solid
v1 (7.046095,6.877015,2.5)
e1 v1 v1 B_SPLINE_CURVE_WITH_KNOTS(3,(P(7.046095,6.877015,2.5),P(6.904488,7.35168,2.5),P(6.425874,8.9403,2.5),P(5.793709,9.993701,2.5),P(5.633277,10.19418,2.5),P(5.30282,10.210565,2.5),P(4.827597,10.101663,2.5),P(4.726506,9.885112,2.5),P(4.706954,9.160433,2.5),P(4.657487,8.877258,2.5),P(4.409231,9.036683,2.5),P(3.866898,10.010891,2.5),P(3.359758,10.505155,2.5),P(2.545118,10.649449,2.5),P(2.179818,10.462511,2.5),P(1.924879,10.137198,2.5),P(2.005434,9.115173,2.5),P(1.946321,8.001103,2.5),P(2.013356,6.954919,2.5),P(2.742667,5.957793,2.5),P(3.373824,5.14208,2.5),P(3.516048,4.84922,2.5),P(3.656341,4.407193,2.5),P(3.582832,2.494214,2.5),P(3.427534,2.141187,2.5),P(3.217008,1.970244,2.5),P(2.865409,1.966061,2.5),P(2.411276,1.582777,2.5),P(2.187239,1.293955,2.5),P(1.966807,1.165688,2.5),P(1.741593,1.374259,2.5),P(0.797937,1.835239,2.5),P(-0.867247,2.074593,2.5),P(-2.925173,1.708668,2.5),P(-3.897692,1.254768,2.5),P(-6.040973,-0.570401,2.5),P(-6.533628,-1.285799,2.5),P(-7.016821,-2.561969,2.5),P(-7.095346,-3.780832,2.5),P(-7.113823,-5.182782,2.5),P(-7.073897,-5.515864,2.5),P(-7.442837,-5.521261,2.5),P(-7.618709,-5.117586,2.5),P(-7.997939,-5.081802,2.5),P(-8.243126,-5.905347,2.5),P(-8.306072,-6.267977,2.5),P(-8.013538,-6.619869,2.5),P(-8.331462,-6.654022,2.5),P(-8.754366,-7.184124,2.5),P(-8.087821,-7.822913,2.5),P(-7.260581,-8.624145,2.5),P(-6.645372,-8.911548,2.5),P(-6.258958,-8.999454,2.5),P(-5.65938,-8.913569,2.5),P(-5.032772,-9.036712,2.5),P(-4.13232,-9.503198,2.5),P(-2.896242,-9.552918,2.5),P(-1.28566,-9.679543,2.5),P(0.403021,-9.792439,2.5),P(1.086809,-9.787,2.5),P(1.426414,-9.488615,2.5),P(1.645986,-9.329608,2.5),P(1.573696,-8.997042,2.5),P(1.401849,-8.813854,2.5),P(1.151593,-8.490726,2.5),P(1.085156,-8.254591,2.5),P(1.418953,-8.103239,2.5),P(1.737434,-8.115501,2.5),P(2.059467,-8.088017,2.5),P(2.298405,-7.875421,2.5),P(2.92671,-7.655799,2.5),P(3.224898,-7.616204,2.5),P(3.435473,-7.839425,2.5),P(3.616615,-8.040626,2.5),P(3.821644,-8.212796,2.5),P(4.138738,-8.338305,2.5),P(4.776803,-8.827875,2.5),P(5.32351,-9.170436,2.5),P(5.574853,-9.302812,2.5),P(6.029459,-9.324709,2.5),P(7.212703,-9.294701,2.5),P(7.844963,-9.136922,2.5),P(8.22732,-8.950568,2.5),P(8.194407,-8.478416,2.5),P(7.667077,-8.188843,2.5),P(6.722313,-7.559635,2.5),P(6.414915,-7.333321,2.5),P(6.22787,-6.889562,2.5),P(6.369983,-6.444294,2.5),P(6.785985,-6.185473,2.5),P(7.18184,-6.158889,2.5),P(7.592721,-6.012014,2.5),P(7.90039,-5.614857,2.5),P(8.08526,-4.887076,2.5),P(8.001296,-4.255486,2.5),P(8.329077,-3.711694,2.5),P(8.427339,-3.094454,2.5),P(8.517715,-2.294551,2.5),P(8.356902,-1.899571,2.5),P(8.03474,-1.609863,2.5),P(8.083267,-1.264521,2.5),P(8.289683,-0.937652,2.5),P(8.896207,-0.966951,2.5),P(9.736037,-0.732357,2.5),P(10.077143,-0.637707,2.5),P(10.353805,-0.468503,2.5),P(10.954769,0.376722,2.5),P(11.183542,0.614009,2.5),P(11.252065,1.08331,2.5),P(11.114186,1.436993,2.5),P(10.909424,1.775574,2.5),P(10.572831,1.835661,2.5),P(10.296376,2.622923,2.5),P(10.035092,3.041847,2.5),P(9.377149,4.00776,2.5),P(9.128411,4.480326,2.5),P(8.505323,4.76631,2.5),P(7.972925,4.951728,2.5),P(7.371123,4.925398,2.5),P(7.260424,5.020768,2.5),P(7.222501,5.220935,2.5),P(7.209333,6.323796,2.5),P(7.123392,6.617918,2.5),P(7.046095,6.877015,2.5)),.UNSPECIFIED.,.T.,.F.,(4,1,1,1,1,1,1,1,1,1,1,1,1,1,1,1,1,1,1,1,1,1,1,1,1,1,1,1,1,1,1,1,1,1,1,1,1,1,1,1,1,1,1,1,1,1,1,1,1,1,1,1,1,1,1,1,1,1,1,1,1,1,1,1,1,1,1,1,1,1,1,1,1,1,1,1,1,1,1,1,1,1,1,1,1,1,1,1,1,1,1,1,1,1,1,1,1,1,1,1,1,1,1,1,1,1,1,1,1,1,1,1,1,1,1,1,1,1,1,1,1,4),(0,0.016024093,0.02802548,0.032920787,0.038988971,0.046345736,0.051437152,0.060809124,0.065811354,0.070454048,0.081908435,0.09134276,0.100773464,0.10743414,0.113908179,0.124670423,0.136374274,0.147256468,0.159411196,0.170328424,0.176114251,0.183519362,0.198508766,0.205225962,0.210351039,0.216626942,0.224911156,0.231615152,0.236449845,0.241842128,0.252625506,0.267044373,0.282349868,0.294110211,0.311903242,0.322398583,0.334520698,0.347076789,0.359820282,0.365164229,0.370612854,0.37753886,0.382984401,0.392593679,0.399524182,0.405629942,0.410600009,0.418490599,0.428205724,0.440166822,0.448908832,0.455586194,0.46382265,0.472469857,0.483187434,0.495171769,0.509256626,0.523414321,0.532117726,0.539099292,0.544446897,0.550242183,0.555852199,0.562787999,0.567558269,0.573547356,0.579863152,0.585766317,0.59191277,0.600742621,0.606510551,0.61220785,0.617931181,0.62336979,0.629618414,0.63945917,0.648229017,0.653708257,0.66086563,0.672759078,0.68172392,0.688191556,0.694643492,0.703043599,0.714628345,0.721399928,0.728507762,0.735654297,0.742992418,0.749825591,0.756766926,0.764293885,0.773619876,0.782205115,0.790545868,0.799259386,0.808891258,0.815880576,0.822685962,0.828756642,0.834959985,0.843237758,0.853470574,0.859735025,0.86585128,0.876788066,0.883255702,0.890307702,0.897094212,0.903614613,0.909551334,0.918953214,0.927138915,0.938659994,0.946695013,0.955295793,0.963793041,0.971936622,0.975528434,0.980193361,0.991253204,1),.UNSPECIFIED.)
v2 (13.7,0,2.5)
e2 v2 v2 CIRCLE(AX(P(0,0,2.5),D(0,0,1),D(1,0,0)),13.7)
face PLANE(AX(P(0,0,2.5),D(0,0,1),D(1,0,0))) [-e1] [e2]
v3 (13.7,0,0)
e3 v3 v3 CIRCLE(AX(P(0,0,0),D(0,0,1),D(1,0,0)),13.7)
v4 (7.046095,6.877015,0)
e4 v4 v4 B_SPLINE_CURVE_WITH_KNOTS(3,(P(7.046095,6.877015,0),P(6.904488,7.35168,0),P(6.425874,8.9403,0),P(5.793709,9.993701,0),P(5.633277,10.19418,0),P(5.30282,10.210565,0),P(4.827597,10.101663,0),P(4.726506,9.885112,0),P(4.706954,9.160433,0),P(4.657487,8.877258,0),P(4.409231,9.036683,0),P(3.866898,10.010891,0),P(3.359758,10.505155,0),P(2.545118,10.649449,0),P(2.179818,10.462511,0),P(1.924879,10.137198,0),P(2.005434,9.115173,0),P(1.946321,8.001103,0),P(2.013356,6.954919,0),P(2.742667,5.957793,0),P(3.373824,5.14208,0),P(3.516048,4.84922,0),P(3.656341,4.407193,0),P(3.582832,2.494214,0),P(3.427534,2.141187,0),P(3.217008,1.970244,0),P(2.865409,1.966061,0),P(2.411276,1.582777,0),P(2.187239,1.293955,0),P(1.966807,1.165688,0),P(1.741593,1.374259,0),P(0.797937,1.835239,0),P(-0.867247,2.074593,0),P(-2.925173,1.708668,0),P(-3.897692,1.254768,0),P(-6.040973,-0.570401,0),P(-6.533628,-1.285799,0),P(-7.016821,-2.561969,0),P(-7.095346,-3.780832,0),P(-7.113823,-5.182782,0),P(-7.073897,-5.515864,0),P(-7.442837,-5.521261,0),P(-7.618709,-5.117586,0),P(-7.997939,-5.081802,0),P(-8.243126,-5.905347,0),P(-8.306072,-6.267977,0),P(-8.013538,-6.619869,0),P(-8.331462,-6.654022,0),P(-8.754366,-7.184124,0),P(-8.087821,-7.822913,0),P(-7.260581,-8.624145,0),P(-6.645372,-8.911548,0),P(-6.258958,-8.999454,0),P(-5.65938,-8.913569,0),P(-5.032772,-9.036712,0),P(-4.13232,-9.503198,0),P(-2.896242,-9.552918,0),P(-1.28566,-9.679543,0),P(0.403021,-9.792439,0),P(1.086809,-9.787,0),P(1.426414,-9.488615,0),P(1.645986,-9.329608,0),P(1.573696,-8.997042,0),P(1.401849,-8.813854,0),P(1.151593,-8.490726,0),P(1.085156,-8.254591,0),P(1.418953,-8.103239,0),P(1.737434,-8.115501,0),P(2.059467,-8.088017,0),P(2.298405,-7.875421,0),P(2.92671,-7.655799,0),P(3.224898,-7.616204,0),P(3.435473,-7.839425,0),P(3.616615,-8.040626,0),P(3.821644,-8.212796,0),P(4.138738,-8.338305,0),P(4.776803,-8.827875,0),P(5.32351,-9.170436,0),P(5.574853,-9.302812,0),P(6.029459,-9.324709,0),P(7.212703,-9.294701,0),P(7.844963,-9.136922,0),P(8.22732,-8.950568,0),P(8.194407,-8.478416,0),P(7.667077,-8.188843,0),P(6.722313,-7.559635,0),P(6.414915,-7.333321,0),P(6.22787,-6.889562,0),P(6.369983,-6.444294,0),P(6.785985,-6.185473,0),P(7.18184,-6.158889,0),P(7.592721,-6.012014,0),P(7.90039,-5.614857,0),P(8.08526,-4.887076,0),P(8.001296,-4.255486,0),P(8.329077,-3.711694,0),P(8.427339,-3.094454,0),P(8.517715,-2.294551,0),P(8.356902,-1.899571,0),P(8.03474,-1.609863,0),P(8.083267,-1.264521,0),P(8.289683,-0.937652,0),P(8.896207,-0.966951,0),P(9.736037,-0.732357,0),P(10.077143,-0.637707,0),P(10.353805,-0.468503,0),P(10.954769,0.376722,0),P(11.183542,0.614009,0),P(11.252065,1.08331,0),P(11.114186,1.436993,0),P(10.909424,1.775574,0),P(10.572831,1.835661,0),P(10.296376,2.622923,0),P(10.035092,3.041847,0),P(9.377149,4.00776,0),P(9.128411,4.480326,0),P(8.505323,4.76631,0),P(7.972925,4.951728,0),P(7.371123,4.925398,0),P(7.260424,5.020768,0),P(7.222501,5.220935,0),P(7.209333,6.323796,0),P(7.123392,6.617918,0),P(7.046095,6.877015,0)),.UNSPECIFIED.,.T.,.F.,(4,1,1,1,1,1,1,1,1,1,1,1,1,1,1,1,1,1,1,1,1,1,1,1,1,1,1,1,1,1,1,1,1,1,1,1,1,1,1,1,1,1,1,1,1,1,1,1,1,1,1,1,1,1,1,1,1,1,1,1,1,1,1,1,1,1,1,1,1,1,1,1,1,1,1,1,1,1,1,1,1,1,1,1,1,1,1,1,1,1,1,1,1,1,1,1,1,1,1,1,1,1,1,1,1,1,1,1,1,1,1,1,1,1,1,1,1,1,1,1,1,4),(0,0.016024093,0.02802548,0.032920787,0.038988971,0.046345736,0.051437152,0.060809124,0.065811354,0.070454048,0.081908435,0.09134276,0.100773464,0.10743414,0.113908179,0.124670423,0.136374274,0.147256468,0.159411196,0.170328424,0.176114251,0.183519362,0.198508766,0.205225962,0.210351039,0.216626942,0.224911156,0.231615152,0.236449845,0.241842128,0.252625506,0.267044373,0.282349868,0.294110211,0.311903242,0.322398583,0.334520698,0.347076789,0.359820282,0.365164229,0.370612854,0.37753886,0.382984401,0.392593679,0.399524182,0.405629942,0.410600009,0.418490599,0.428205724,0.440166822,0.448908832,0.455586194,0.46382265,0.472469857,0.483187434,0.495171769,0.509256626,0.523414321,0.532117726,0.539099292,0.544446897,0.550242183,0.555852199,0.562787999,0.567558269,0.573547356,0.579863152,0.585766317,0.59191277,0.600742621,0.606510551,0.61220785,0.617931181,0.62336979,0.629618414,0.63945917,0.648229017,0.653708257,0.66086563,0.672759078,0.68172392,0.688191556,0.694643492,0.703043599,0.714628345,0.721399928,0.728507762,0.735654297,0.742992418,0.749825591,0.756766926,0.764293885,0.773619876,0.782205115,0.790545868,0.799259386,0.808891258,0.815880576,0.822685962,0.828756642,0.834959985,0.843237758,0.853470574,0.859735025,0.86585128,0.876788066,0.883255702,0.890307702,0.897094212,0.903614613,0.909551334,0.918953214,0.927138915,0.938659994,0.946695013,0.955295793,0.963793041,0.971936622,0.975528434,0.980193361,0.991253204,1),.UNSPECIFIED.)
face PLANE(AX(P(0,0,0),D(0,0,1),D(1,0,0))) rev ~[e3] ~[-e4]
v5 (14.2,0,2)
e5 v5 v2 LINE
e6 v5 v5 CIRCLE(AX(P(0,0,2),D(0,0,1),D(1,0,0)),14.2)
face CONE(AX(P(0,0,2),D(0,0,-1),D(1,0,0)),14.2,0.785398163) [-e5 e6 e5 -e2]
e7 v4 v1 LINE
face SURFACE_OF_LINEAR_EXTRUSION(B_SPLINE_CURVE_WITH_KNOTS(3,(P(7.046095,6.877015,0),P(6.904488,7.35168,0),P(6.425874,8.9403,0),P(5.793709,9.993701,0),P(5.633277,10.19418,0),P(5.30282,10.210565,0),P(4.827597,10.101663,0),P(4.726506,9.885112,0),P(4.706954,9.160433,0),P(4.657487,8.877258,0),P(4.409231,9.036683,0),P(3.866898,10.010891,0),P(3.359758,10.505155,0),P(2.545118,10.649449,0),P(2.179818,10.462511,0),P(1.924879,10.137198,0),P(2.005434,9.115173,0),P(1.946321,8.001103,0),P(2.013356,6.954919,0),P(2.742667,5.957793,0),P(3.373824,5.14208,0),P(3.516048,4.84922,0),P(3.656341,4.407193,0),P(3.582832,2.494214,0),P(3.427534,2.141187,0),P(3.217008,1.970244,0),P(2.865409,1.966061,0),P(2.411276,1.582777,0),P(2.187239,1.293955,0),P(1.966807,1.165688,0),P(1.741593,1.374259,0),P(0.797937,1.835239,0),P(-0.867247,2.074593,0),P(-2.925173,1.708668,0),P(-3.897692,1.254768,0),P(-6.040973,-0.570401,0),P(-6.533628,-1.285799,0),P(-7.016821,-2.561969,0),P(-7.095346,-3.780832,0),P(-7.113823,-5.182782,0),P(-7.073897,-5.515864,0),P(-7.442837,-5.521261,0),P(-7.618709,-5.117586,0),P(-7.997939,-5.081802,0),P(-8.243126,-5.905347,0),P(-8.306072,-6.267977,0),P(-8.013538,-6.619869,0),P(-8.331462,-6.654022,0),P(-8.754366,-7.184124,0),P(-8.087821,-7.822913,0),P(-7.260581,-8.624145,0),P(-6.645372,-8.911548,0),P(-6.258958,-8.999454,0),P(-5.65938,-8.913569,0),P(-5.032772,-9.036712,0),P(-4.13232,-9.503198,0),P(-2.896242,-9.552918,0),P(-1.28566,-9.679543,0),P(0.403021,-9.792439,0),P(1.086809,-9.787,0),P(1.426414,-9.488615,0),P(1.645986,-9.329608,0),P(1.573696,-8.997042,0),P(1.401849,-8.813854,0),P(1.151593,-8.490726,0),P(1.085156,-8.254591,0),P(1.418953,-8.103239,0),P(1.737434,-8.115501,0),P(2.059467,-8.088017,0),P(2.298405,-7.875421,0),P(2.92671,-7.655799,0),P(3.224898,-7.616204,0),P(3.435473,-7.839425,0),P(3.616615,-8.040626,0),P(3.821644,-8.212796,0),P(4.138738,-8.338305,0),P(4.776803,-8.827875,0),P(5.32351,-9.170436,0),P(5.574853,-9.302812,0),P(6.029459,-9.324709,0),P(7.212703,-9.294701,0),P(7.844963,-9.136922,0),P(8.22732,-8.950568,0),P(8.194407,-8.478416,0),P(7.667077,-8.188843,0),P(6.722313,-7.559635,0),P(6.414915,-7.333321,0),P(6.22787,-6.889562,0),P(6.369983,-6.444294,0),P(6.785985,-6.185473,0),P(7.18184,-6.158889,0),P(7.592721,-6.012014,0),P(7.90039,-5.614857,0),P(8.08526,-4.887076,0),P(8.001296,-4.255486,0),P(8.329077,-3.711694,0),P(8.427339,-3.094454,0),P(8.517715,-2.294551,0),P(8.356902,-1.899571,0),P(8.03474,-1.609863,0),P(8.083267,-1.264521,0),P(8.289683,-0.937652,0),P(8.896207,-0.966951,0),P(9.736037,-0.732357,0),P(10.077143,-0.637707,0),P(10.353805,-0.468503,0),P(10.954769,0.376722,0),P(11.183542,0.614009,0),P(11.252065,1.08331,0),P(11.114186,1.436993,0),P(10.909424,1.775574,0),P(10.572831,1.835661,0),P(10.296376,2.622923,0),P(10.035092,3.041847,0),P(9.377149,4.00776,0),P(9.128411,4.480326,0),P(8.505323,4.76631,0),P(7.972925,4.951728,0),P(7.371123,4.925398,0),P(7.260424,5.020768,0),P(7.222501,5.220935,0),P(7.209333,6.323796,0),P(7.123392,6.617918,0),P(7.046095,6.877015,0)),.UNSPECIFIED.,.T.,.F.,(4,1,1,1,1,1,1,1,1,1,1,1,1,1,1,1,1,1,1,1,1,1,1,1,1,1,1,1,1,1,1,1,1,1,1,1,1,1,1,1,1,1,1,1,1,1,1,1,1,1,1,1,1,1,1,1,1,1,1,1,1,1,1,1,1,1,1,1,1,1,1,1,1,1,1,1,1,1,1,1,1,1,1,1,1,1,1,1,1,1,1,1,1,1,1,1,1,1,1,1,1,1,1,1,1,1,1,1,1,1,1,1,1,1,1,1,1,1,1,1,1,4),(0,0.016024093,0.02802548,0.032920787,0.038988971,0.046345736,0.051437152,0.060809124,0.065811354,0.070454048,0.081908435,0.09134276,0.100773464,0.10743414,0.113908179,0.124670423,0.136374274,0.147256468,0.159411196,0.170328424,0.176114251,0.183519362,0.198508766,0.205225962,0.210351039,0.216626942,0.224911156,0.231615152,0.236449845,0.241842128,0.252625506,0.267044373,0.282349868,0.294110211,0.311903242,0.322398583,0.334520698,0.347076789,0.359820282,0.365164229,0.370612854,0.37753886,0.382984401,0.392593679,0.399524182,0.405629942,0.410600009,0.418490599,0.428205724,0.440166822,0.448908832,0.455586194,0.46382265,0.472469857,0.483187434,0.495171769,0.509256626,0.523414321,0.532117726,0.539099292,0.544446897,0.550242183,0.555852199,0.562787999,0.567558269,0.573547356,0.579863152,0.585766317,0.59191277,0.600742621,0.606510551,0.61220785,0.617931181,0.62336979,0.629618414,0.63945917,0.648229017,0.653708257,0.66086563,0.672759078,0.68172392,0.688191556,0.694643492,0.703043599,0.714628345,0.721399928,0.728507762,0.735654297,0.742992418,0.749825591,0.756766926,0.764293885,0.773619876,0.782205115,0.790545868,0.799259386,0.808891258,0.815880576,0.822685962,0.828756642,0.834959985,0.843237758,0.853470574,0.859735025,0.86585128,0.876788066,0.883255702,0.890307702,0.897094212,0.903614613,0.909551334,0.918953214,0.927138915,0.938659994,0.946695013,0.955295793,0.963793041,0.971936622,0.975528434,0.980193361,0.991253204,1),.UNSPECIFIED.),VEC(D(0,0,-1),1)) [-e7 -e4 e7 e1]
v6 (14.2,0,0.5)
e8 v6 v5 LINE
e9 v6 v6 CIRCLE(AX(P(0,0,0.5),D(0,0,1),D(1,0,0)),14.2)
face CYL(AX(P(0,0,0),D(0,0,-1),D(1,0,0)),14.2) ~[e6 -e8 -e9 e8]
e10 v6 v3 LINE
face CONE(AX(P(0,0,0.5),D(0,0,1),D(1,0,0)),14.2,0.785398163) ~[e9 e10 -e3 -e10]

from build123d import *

# Parameters (mm, degrees)
F0_R     = 14.2
F1_DEPTH = 2.5
F2_SIZE  = 0.5


with BuildPart() as f1:
    # F0 (on Top) → F1 (new body)
    with BuildSketch(Plane.XY):
        Circle(F0_R)
        with BuildLine():
            add(Edge.make_bspline(
                [(7.0460953502, 6.8770149718), (6.9044878589, 7.3516803533), (6.4258744256, 8.9402996802), (5.7937089494, 9.9937010475), (5.6332772847, 10.1941804332), (5.3028202, 10.2105653846), (4.8275970632, 10.1016629544), (4.7265061167, 9.8851124141), (4.7069543595, 9.1604331045), (4.657487287, 8.8772576483), (4.409231281, 9.0366827881), (3.8668975646, 10.0108909593), (3.3597579977, 10.5051552777), (2.545117929, 10.649448861), (2.1798180368, 10.4625111998), (1.924879092, 10.1371975921), (2.0054343798, 9.1151731971), (1.9463210751, 8.0011031575), (2.0133556561, 6.9549190885), (2.7426666701, 5.9577932748), (3.3738237794, 5.1420796102), (3.5160482674, 4.8492195945), (3.6563412225, 4.4071926898), (3.5828320093, 2.4942135898), (3.4275336392, 2.141186671), (3.217007801, 1.9702441379), (2.8654086695, 1.966061313), (2.4112760992, 1.5827774615), (2.1872388511, 1.2939551636), (1.9668071112, 1.1656877541), (1.741593107, 1.3742592885), (0.7979370022, 1.8352391819), (-0.8672470428, 2.0745929675), (-2.9251727659, 1.7086678528), (-3.8976916543, 1.2547679716), (-6.040972839, -0.5704007128), (-6.5336277515, -1.2857989207), (-7.0168205048, -2.5619693962), (-7.0953464913, -3.7808321926), (-7.1138225298, -5.1827816791), (-7.0738965695, -5.515864183), (-7.4428367582, -5.5212611781), (-7.6187086413, -5.1175856727), (-7.9979388082, -5.0818020774), (-8.2431260692, -5.9053467023), (-8.3060717985, -6.2679773354), (-8.0135377516, -6.6198691867), (-8.3314615254, -6.6540223163), (-8.7543656929, -7.1841239002), (-8.087820767, -7.8229129648), (-7.2605809253, -8.6241447018), (-6.6453721419, -8.9115478357), (-6.2589580114, -8.9994541443), (-5.6593804202, -8.9135694116), (-5.0327718589, -9.0367116785), (-4.132319782, -9.503197983), (-2.896241527, -9.5529179757), (-1.2856596519, -9.6795434472), (0.4030214672, -9.7924389807), (1.086809112, -9.786999667), (1.4264143171, -9.4886154363), (1.6459862131, -9.329607556), (1.5736958827, -8.9970421521), (1.4018487321, -8.8138535736), (1.1515931213, -8.490725678), (1.0851557705, -8.25459097), (1.4189525307, -8.1032391164), (1.7374344739, -8.1155010174), (2.0594673881, -8.0880165029), (2.2984045705, -7.875420998), (2.9267101668, -7.6557988945), (3.2248980309, -7.6162038995), (3.4354729163, -7.8394252221), (3.616614572, -8.0406260477), (3.8216437121, -8.2127956492), (4.138737628, -8.3383047752), (4.7768030951, -8.8278748262), (5.3235100655, -9.1704362725), (5.574852965, -9.302812246), (6.0294587858, -9.3247094211), (7.2127028265, -9.2947008953), (7.8449627957, -9.1369218736), (8.2273198817, -8.9505683903), (8.1944074382, -8.47841557), (7.6670770453, -8.1888425458), (6.7223134634, -7.5596352705), (6.4149151465, -7.3333212674), (6.2278700167, -6.8895620808), (6.3699826402, -6.4442939526), (6.7859845802, -6.18547275), (7.181839857, -6.1588891657), (7.5927212612, -6.0120143464), (7.900389637, -5.6148568798), (8.0852602162, -4.8870764337), (8.0012955977, -4.2554863705), (8.3290768435, -3.7116939739), (8.427338695, -3.0944535631), (8.517714616, -2.2945510908), (8.3569019546, -1.899570504), (8.034740187, -1.6098632273), (8.0832665239, -1.2645213347), (8.2896833959, -0.9376519652), (8.8962073472, -0.9669512316), (9.7360372684, -0.732357462), (10.0771434563, -0.6377073132), (10.3538049285, -0.4685030714), (10.9547685149, 0.3767217768), (11.1835422646, 0.6140085446), (11.2520646665, 1.0833097326), (11.1141864018, 1.4369926792), (10.9094237171, 1.7755743225), (10.5728314345, 1.835660858), (10.2963764949, 2.6229234651), (10.0350922183, 3.041846666), (9.3771489665, 4.0077601614), (9.1284108898, 4.4803261646), (8.5053226327, 4.7663102799), (7.9729254085, 4.9517283515), (7.3711228719, 4.92539843), (7.2604238751, 5.0207683875), (7.2225013457, 5.2209348194), (7.2093329581, 6.3237957887), (7.1233921921, 6.6179175566), (7.0460953502, 6.8770149718)],
                knots=[0, 0, 0, 0, 0.016024093, 0.0280254804, 0.0329207873, 0.0389889711, 0.0463457356, 0.0514371518, 0.0608091244, 0.0658113535, 0.0704540477, 0.0819084354, 0.0913427598, 0.1007734638, 0.1074341398, 0.1139081795, 0.1246704231, 0.1363742738, 0.1472564684, 0.1594111961, 0.1703284236, 0.1761142505, 0.1835193617, 0.1985087664, 0.205225962, 0.2103510391, 0.2166269419, 0.2249111556, 0.2316151515, 0.2364498451, 0.2418421283, 0.2526255062, 0.2670443731, 0.2823498681, 0.2941102109, 0.3119032421, 0.3223985826, 0.3345206977, 0.347076789, 0.3598202816, 0.3651642287, 0.3706128536, 0.3775388601, 0.3829844006, 0.3925936787, 0.3995241815, 0.4056299419, 0.410600009, 0.4184905987, 0.4282057242, 0.4401668224, 0.4489088323, 0.4555861938, 0.46382265, 0.4724698573, 0.4831874341, 0.4951717693, 0.5092566262, 0.5234143206, 0.5321177265, 0.5390992916, 0.544446897, 0.550242183, 0.555852199, 0.5627879991, 0.5675582686, 0.5735473558, 0.5798631524, 0.5857663166, 0.5919127701, 0.600742621, 0.6065105509, 0.6122078503, 0.6179311812, 0.6233697903, 0.6296184143, 0.6394591696, 0.648229017, 0.6537082566, 0.6608656298, 0.6727590783, 0.6817239205, 0.6881915557, 0.6946434919, 0.7030435987, 0.7146283448, 0.7213999282, 0.7285077624, 0.7356542966, 0.7429924176, 0.7498255911, 0.7567669264, 0.7642938854, 0.7736198764, 0.7822051153, 0.790545868, 0.7992593858, 0.8088912578, 0.8158805757, 0.8226859616, 0.8287566424, 0.8349599849, 0.843237758, 0.8534705737, 0.8597350254, 0.86585128, 0.8767880663, 0.8832557018, 0.8903077017, 0.8970942121, 0.9036146132, 0.909551334, 0.9189532137, 0.9271389148, 0.9386599937, 0.9466950134, 0.9552957927, 0.9637930407, 0.9719366219, 0.9755284342, 0.9801933605, 0.9912532044, 1, 1, 1, 1], degree=3))
        make_face(mode=Mode.SUBTRACT)
    extrude(amount=F1_DEPTH)

    # F2
    f2_edges = [f1.edges().sort_by_distance(p)[0] for p in [
        (-14.2, 0, 0),
        (-14.2, 0, 2.5),
    ]]
    chamfer(f2_edges, length=F2_SIZE)


solid = f1.part
